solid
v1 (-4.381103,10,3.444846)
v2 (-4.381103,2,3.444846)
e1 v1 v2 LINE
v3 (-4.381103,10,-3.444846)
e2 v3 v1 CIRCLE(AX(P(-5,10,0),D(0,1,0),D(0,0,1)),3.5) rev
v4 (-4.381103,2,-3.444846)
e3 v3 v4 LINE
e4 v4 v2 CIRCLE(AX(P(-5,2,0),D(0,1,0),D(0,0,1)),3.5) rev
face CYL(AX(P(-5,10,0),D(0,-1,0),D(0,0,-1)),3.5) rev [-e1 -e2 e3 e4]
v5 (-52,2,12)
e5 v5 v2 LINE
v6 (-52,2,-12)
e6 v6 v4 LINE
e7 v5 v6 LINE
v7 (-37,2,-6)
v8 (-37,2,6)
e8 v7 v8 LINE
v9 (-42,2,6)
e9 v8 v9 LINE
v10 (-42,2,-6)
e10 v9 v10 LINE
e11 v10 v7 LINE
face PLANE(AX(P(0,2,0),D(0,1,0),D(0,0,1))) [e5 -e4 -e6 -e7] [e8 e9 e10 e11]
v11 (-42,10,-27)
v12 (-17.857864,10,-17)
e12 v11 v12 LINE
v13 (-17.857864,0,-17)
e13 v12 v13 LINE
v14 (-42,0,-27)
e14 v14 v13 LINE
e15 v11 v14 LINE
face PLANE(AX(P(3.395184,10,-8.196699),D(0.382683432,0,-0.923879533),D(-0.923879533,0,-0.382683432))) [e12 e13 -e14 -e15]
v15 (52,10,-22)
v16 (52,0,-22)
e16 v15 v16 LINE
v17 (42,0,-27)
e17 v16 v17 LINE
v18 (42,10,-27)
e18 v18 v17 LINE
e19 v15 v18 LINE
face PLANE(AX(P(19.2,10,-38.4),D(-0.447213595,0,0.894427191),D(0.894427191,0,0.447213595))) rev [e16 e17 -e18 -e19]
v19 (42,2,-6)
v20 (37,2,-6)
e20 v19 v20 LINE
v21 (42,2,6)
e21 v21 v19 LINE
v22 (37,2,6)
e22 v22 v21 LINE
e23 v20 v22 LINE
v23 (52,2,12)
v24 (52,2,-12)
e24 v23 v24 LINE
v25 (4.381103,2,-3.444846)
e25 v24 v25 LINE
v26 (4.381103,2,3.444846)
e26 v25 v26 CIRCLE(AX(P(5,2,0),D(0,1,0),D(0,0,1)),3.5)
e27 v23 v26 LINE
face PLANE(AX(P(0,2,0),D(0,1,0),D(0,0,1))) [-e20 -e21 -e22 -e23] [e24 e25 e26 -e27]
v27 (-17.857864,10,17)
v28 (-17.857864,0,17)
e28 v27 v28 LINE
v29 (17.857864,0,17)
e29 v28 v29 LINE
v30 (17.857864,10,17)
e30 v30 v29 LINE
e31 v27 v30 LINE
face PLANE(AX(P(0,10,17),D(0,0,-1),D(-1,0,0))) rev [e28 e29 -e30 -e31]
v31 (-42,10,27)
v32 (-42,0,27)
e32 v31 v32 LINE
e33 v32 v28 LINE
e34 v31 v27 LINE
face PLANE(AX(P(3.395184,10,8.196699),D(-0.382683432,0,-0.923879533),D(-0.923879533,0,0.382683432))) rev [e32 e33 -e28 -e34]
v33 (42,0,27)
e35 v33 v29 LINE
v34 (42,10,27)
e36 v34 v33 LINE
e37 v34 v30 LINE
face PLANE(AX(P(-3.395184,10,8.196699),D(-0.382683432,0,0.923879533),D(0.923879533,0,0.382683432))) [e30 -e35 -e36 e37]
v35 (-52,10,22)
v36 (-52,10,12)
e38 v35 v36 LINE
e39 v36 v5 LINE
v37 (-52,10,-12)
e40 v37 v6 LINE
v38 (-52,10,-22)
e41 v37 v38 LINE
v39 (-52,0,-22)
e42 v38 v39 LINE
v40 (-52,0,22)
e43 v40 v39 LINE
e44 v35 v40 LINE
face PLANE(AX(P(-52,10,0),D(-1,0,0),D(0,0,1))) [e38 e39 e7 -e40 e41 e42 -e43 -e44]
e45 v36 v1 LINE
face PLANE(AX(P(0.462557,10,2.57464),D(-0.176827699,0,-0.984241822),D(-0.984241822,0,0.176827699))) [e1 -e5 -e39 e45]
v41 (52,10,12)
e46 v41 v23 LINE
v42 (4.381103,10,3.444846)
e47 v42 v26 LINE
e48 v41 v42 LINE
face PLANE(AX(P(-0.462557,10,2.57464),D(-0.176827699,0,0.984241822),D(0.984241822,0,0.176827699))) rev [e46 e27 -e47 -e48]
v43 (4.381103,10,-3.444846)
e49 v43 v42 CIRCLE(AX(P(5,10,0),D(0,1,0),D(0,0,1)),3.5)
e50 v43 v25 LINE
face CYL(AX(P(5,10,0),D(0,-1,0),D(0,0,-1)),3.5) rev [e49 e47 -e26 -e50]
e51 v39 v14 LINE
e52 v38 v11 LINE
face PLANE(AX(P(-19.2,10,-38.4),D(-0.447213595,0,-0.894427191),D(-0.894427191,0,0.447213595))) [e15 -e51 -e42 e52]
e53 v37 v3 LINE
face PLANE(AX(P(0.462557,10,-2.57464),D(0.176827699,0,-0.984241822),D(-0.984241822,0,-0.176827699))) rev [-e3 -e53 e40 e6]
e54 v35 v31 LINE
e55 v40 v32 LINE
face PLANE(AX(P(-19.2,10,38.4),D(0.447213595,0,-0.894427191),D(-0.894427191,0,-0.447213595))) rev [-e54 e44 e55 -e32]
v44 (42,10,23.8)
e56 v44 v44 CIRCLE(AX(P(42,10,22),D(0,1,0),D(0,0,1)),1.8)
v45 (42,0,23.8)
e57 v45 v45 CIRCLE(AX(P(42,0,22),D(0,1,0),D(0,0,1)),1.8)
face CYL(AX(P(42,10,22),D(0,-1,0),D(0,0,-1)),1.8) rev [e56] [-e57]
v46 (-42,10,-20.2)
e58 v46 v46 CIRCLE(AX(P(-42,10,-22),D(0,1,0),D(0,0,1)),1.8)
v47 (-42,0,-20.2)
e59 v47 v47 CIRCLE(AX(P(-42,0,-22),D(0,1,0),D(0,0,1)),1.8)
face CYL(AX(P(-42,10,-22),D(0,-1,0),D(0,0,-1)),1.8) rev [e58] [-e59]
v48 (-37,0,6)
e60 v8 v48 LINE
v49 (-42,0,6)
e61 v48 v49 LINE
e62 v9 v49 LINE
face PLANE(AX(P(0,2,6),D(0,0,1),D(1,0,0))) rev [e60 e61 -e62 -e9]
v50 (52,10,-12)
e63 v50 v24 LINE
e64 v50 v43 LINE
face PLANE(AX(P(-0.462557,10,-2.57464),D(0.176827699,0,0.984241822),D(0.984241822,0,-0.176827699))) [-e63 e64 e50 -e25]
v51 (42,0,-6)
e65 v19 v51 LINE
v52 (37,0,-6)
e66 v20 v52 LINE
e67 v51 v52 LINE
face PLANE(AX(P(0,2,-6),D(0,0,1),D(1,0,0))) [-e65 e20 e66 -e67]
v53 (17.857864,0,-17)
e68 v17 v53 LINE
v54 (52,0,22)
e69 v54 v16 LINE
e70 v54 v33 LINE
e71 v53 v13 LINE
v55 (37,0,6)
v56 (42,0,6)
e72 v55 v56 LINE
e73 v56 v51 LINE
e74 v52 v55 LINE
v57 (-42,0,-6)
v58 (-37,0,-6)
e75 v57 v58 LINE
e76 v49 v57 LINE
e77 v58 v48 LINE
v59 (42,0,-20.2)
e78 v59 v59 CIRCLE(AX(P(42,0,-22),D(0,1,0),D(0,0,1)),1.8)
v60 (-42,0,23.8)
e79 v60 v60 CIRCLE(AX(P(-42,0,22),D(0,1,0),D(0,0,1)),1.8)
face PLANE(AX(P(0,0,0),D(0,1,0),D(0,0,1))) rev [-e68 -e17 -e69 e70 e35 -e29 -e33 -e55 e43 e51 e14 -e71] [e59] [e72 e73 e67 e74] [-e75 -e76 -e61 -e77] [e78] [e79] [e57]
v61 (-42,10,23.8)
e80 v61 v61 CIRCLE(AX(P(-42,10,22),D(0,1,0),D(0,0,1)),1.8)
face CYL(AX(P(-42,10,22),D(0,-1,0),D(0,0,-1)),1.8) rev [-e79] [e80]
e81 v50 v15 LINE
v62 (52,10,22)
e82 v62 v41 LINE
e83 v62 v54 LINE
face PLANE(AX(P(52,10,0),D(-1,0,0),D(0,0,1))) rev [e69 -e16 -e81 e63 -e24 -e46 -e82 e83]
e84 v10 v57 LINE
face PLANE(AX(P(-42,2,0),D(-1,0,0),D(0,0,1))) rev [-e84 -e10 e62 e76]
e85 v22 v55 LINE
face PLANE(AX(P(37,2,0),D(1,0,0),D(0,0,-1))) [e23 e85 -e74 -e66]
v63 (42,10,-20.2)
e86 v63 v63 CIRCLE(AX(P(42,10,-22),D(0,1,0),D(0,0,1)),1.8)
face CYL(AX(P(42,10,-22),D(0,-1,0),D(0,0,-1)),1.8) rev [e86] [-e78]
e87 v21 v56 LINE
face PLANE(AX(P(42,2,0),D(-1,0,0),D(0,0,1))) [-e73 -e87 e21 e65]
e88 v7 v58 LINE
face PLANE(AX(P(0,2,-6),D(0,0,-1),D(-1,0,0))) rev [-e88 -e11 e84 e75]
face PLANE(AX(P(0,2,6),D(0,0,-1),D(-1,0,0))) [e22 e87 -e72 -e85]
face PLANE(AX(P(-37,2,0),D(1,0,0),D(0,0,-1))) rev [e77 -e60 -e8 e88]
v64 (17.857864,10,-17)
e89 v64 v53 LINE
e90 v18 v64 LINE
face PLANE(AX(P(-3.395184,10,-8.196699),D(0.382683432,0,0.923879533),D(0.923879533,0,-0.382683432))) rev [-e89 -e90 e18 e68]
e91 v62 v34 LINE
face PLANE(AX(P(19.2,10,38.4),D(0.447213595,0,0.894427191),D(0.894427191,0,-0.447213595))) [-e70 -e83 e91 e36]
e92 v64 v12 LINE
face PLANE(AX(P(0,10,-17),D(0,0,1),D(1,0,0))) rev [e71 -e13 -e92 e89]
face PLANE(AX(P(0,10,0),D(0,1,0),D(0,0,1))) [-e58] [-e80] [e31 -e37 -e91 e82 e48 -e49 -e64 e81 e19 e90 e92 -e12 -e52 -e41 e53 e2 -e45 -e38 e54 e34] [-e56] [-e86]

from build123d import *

# Parameters (mm, degrees)
SKETCH1_R           = 1.8
BOSS_EXTRUDE1_DEPTH = 10
SKETCH1_3_W         = 5
SKETCH1_3_H         = 12
BOSS_EXTRUDE2_DEPTH = 2


with BuildPart() as part:
    # Sketch1 → Boss-Extrude1 (new body)
    with BuildSketch(Plane(origin=(0, 0, 0), x_dir=(1, 0, 0), z_dir=(0, 1, 0))):
        with BuildLine():
            Line((-42, -27), (-17.857864376, -17))
            Line((-17.857864376, -17), (17.857864376, -17))
            Line((17.857864376, -17), (42, -27))
            Line((42, -27), (52, -22))
            Line((52, -22), (52, -12))
            Line((52, -12), (4.381103052, -3.444846378))
            ThreePointArc((4.381103052, -3.444846378), (1.5, 0), (4.381103052, 3.444846378))
            Line((4.381103052, 3.444846378), (52, 12))
            Line((52, 12), (52, 22))
            Line((52, 22), (42, 27))
            Line((42, 27), (17.857864376, 17))
            Line((17.857864376, 17), (-17.857864376, 17))
            Line((-17.857864376, 17), (-42, 27))
            Line((-42, 27), (-52, 22))
            Line((-52, 22), (-52, 12))
            Line((-52, 12), (-4.381103052, 3.444846378))
            ThreePointArc((-4.381103052, 3.444846378), (-1.5, 0), (-4.381103052, -3.444846378))
            Line((-4.381103052, -3.444846378), (-52, -12))
            Line((-52, -12), (-52, -22))
            Line((-52, -22), (-42, -27))
        make_face()
        with Locations((-42, -22)):
            Circle(SKETCH1_R, mode=Mode.SUBTRACT)
        with Locations((-42, 22)):
            Circle(SKETCH1_R, mode=Mode.SUBTRACT)
        with Locations((42, 22)):
            Circle(SKETCH1_R, mode=Mode.SUBTRACT)
        with Locations((42, -22)):
            Circle(SKETCH1_R, mode=Mode.SUBTRACT)
    extrude(amount=BOSS_EXTRUDE1_DEPTH)

    # Sketch1<3> → Boss-Extrude2 (add)
    # profile 1 of 2: a face of its own
    with BuildSketch(Plane(origin=(0, 0, 0), x_dir=(1, 0, 0), z_dir=(0, 1, 0))):
        with BuildLine():
            Line((-52, 12), (-52, -12))
            Line((-52, -12), (-4.381103052, -3.444846378))
            ThreePointArc((-4.381103052, -3.444846378), (-1.5, 0), (-4.381103052, 3.444846378))
            Line((-4.381103052, 3.444846378), (-52, 12))
        make_face()
        with Locations((-39.5, 0)):
            Rectangle(SKETCH1_3_W, SKETCH1_3_H, mode=Mode.SUBTRACT)
    # profile 2 of 2: a face of its own
    with BuildSketch(Plane(origin=(0, 0, 0), x_dir=(1, 0, 0), z_dir=(0, 1, 0))):
        with BuildLine():
            Line((4.381103052, -3.444846378), (52, -12))
            Line((52, -12), (52, 12))
            Line((52, 12), (4.381103052, 3.444846378))
            ThreePointArc((4.381103052, 3.444846378), (1.5, 0), (4.381103052, -3.444846378))
        make_face()
        with Locations((39.5, 0)):
            Rectangle(SKETCH1_3_W, SKETCH1_3_H, mode=Mode.SUBTRACT)
    extrude(amount=BOSS_EXTRUDE2_DEPTH)


solid = part.part
